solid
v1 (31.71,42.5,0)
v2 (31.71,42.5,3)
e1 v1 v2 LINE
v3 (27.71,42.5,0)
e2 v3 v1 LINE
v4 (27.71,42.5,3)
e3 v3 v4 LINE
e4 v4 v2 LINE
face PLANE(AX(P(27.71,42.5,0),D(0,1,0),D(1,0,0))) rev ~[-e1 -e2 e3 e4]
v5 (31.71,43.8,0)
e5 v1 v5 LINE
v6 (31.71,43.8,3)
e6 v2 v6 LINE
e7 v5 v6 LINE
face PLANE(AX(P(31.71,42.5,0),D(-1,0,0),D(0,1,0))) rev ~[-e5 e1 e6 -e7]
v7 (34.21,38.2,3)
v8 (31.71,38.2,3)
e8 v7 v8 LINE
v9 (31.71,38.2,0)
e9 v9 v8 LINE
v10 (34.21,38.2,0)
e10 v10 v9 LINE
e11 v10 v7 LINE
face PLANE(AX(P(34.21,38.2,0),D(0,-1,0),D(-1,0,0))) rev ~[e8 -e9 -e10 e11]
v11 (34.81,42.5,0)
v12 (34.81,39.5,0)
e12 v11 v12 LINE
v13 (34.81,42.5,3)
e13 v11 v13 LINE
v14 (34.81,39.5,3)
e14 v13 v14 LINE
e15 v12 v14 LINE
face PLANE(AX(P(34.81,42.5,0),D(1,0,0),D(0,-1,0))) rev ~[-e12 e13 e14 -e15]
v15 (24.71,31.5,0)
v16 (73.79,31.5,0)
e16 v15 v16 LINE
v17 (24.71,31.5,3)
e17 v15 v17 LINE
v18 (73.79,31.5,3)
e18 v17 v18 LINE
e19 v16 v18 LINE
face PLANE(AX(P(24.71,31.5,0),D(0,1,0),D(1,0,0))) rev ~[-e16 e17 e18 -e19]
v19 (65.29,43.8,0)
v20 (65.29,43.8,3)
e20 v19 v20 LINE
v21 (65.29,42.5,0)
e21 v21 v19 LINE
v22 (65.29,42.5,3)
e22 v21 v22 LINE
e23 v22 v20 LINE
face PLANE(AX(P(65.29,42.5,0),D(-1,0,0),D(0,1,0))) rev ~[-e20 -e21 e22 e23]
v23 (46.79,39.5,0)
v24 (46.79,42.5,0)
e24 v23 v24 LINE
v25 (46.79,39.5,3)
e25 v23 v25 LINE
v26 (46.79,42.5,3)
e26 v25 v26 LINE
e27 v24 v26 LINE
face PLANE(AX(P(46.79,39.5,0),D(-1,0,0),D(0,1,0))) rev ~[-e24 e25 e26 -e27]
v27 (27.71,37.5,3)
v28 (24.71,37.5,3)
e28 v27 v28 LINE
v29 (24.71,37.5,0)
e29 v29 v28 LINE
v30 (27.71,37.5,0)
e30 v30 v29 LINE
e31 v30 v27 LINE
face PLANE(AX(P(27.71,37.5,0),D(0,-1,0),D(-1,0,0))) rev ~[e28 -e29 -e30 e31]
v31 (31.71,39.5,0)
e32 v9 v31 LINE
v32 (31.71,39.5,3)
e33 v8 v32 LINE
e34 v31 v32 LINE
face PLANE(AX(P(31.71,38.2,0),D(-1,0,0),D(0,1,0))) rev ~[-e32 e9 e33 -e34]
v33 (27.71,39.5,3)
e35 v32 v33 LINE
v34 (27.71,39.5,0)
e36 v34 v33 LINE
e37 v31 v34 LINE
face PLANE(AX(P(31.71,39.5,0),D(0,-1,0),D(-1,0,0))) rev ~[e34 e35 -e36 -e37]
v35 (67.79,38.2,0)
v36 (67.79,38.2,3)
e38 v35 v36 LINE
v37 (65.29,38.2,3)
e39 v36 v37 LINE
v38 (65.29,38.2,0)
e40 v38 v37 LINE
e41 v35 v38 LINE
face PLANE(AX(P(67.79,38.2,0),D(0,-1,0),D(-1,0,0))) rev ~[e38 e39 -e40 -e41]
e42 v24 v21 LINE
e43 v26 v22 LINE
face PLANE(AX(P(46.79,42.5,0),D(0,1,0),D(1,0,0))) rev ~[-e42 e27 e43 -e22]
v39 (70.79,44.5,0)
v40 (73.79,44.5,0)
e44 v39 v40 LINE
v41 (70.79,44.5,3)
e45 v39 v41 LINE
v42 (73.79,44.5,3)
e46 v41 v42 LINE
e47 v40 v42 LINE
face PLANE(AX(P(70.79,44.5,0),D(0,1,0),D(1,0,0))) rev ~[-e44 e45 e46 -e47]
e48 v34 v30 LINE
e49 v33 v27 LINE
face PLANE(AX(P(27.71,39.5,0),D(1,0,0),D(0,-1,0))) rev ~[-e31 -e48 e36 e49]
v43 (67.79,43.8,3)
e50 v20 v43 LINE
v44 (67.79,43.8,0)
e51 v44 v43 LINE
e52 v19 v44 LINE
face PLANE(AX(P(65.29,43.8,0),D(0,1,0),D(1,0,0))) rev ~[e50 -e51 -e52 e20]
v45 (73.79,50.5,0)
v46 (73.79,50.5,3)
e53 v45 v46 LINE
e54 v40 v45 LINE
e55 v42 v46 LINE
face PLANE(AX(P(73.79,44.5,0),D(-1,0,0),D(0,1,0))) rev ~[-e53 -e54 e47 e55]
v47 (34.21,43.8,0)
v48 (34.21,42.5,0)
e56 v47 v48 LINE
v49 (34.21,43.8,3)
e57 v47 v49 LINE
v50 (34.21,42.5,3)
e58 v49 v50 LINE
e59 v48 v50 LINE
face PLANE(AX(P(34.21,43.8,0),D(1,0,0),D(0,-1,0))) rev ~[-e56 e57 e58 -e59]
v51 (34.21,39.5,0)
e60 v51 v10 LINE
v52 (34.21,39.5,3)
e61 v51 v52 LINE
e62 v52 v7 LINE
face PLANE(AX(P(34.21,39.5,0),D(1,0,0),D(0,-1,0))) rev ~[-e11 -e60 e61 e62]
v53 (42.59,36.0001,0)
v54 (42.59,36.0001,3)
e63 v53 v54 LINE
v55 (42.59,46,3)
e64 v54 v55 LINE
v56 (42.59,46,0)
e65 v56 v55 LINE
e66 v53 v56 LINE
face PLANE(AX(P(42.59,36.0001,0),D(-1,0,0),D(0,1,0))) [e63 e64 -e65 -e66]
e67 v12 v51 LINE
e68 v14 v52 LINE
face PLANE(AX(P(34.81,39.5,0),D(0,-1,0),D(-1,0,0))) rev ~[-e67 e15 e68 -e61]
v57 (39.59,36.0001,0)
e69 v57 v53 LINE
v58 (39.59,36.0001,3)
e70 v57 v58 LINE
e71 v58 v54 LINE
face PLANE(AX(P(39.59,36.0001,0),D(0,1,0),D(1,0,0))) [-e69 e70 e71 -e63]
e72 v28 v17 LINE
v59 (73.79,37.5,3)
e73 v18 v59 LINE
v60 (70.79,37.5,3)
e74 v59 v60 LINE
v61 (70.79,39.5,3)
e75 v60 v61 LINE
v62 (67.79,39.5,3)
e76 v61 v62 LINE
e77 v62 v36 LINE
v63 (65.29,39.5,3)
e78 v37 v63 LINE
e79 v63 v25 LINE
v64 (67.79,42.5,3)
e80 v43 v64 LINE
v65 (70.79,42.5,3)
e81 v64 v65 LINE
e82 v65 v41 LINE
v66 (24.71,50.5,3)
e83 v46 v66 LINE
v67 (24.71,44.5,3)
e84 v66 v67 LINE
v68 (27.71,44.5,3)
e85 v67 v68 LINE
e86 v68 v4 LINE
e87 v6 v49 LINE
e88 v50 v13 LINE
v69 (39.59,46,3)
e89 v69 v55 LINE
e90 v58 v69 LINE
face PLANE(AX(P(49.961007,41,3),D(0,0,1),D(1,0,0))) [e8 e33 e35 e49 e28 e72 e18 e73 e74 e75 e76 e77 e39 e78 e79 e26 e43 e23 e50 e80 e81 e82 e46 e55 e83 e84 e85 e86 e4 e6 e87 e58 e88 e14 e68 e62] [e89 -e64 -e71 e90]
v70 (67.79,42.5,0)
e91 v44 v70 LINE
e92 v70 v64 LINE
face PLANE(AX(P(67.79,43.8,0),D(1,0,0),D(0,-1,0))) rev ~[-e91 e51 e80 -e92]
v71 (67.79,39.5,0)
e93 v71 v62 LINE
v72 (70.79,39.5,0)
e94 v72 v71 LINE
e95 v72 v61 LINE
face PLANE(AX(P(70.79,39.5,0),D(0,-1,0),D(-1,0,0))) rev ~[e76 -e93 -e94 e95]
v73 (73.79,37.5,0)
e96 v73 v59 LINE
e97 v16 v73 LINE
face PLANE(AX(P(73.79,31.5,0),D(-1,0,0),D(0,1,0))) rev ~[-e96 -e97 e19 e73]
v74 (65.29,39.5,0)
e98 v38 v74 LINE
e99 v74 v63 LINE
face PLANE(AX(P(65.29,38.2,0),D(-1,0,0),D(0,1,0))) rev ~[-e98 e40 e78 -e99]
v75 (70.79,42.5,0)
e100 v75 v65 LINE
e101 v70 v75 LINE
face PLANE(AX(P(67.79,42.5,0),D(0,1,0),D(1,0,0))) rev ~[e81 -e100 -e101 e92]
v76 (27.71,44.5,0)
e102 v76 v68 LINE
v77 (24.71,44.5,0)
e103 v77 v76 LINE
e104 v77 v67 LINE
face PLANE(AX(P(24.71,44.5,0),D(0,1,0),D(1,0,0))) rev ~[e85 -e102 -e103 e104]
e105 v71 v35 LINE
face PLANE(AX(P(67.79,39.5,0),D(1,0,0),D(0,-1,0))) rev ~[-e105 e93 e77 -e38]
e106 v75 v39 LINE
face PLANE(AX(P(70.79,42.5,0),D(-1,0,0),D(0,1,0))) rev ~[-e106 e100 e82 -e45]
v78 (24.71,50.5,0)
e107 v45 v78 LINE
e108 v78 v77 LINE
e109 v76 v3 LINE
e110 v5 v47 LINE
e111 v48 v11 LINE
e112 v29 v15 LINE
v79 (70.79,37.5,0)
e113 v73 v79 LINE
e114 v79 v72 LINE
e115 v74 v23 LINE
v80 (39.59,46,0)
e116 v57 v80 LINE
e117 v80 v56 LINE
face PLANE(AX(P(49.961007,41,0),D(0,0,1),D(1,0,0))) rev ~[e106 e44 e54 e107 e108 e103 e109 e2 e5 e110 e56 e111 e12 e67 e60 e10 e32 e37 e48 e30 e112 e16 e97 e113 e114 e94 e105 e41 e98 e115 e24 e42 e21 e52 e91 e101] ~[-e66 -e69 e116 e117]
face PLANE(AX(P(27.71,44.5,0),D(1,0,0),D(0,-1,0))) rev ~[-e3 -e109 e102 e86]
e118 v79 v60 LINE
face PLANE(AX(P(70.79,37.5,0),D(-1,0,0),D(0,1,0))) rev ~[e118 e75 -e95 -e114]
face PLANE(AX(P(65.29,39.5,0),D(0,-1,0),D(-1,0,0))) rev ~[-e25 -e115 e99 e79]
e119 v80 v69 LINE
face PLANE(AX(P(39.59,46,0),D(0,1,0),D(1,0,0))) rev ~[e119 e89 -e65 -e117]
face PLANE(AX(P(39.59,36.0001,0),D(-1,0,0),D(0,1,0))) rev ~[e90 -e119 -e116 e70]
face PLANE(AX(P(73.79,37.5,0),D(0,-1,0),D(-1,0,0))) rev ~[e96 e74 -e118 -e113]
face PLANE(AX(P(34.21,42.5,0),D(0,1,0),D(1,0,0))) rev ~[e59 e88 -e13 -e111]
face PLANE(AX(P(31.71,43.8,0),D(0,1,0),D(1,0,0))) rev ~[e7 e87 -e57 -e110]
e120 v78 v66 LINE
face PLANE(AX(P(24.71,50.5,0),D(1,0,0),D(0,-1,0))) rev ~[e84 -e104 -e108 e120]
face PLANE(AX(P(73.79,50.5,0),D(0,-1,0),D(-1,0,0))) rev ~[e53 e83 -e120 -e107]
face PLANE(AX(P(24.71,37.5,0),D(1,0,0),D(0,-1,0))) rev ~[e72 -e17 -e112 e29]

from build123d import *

# Parameters (mm, degrees)
MODEL_W             = 3
MODEL_H             = 9.9999
BOSS_EXTRUDE1_DEPTH = 3


with BuildPart() as part:
    # Model → Boss-Extrude1 (new body)
    with BuildSketch(Plane.XY):
        Polygon((73.79, 50.5), (24.71, 50.5), (24.71, 44.5), (27.71, 44.5), (27.71, 42.5), (31.71, 42.5), (31.71, 43.8), (34.21, 43.8), (34.21, 42.5), (34.81, 42.5), (34.81, 39.5), (34.21, 39.5), (34.21, 38.2), (31.71, 38.2), (31.71, 39.5), (27.71, 39.5), (27.71, 37.5), (24.71, 37.5), (24.71, 31.5), (46.51, 31.5), (73.79, 31.5), (73.79, 37.5), (70.79, 37.5), (70.79, 39.5), (67.79, 39.5), (67.79, 38.2), (65.29, 38.2), (65.29, 39.5), (46.79, 39.5), (46.79, 42.5), (65.29, 42.5), (65.29, 43.8), (67.79, 43.8), (67.79, 42.5), (70.79, 42.5), (70.79, 44.5), (73.79, 44.5), align=None)
        with Locations((41.09, 41.00005)):
            Rectangle(MODEL_W, MODEL_H, mode=Mode.SUBTRACT)
    extrude(amount=BOSS_EXTRUDE1_DEPTH)


solid = part.part
